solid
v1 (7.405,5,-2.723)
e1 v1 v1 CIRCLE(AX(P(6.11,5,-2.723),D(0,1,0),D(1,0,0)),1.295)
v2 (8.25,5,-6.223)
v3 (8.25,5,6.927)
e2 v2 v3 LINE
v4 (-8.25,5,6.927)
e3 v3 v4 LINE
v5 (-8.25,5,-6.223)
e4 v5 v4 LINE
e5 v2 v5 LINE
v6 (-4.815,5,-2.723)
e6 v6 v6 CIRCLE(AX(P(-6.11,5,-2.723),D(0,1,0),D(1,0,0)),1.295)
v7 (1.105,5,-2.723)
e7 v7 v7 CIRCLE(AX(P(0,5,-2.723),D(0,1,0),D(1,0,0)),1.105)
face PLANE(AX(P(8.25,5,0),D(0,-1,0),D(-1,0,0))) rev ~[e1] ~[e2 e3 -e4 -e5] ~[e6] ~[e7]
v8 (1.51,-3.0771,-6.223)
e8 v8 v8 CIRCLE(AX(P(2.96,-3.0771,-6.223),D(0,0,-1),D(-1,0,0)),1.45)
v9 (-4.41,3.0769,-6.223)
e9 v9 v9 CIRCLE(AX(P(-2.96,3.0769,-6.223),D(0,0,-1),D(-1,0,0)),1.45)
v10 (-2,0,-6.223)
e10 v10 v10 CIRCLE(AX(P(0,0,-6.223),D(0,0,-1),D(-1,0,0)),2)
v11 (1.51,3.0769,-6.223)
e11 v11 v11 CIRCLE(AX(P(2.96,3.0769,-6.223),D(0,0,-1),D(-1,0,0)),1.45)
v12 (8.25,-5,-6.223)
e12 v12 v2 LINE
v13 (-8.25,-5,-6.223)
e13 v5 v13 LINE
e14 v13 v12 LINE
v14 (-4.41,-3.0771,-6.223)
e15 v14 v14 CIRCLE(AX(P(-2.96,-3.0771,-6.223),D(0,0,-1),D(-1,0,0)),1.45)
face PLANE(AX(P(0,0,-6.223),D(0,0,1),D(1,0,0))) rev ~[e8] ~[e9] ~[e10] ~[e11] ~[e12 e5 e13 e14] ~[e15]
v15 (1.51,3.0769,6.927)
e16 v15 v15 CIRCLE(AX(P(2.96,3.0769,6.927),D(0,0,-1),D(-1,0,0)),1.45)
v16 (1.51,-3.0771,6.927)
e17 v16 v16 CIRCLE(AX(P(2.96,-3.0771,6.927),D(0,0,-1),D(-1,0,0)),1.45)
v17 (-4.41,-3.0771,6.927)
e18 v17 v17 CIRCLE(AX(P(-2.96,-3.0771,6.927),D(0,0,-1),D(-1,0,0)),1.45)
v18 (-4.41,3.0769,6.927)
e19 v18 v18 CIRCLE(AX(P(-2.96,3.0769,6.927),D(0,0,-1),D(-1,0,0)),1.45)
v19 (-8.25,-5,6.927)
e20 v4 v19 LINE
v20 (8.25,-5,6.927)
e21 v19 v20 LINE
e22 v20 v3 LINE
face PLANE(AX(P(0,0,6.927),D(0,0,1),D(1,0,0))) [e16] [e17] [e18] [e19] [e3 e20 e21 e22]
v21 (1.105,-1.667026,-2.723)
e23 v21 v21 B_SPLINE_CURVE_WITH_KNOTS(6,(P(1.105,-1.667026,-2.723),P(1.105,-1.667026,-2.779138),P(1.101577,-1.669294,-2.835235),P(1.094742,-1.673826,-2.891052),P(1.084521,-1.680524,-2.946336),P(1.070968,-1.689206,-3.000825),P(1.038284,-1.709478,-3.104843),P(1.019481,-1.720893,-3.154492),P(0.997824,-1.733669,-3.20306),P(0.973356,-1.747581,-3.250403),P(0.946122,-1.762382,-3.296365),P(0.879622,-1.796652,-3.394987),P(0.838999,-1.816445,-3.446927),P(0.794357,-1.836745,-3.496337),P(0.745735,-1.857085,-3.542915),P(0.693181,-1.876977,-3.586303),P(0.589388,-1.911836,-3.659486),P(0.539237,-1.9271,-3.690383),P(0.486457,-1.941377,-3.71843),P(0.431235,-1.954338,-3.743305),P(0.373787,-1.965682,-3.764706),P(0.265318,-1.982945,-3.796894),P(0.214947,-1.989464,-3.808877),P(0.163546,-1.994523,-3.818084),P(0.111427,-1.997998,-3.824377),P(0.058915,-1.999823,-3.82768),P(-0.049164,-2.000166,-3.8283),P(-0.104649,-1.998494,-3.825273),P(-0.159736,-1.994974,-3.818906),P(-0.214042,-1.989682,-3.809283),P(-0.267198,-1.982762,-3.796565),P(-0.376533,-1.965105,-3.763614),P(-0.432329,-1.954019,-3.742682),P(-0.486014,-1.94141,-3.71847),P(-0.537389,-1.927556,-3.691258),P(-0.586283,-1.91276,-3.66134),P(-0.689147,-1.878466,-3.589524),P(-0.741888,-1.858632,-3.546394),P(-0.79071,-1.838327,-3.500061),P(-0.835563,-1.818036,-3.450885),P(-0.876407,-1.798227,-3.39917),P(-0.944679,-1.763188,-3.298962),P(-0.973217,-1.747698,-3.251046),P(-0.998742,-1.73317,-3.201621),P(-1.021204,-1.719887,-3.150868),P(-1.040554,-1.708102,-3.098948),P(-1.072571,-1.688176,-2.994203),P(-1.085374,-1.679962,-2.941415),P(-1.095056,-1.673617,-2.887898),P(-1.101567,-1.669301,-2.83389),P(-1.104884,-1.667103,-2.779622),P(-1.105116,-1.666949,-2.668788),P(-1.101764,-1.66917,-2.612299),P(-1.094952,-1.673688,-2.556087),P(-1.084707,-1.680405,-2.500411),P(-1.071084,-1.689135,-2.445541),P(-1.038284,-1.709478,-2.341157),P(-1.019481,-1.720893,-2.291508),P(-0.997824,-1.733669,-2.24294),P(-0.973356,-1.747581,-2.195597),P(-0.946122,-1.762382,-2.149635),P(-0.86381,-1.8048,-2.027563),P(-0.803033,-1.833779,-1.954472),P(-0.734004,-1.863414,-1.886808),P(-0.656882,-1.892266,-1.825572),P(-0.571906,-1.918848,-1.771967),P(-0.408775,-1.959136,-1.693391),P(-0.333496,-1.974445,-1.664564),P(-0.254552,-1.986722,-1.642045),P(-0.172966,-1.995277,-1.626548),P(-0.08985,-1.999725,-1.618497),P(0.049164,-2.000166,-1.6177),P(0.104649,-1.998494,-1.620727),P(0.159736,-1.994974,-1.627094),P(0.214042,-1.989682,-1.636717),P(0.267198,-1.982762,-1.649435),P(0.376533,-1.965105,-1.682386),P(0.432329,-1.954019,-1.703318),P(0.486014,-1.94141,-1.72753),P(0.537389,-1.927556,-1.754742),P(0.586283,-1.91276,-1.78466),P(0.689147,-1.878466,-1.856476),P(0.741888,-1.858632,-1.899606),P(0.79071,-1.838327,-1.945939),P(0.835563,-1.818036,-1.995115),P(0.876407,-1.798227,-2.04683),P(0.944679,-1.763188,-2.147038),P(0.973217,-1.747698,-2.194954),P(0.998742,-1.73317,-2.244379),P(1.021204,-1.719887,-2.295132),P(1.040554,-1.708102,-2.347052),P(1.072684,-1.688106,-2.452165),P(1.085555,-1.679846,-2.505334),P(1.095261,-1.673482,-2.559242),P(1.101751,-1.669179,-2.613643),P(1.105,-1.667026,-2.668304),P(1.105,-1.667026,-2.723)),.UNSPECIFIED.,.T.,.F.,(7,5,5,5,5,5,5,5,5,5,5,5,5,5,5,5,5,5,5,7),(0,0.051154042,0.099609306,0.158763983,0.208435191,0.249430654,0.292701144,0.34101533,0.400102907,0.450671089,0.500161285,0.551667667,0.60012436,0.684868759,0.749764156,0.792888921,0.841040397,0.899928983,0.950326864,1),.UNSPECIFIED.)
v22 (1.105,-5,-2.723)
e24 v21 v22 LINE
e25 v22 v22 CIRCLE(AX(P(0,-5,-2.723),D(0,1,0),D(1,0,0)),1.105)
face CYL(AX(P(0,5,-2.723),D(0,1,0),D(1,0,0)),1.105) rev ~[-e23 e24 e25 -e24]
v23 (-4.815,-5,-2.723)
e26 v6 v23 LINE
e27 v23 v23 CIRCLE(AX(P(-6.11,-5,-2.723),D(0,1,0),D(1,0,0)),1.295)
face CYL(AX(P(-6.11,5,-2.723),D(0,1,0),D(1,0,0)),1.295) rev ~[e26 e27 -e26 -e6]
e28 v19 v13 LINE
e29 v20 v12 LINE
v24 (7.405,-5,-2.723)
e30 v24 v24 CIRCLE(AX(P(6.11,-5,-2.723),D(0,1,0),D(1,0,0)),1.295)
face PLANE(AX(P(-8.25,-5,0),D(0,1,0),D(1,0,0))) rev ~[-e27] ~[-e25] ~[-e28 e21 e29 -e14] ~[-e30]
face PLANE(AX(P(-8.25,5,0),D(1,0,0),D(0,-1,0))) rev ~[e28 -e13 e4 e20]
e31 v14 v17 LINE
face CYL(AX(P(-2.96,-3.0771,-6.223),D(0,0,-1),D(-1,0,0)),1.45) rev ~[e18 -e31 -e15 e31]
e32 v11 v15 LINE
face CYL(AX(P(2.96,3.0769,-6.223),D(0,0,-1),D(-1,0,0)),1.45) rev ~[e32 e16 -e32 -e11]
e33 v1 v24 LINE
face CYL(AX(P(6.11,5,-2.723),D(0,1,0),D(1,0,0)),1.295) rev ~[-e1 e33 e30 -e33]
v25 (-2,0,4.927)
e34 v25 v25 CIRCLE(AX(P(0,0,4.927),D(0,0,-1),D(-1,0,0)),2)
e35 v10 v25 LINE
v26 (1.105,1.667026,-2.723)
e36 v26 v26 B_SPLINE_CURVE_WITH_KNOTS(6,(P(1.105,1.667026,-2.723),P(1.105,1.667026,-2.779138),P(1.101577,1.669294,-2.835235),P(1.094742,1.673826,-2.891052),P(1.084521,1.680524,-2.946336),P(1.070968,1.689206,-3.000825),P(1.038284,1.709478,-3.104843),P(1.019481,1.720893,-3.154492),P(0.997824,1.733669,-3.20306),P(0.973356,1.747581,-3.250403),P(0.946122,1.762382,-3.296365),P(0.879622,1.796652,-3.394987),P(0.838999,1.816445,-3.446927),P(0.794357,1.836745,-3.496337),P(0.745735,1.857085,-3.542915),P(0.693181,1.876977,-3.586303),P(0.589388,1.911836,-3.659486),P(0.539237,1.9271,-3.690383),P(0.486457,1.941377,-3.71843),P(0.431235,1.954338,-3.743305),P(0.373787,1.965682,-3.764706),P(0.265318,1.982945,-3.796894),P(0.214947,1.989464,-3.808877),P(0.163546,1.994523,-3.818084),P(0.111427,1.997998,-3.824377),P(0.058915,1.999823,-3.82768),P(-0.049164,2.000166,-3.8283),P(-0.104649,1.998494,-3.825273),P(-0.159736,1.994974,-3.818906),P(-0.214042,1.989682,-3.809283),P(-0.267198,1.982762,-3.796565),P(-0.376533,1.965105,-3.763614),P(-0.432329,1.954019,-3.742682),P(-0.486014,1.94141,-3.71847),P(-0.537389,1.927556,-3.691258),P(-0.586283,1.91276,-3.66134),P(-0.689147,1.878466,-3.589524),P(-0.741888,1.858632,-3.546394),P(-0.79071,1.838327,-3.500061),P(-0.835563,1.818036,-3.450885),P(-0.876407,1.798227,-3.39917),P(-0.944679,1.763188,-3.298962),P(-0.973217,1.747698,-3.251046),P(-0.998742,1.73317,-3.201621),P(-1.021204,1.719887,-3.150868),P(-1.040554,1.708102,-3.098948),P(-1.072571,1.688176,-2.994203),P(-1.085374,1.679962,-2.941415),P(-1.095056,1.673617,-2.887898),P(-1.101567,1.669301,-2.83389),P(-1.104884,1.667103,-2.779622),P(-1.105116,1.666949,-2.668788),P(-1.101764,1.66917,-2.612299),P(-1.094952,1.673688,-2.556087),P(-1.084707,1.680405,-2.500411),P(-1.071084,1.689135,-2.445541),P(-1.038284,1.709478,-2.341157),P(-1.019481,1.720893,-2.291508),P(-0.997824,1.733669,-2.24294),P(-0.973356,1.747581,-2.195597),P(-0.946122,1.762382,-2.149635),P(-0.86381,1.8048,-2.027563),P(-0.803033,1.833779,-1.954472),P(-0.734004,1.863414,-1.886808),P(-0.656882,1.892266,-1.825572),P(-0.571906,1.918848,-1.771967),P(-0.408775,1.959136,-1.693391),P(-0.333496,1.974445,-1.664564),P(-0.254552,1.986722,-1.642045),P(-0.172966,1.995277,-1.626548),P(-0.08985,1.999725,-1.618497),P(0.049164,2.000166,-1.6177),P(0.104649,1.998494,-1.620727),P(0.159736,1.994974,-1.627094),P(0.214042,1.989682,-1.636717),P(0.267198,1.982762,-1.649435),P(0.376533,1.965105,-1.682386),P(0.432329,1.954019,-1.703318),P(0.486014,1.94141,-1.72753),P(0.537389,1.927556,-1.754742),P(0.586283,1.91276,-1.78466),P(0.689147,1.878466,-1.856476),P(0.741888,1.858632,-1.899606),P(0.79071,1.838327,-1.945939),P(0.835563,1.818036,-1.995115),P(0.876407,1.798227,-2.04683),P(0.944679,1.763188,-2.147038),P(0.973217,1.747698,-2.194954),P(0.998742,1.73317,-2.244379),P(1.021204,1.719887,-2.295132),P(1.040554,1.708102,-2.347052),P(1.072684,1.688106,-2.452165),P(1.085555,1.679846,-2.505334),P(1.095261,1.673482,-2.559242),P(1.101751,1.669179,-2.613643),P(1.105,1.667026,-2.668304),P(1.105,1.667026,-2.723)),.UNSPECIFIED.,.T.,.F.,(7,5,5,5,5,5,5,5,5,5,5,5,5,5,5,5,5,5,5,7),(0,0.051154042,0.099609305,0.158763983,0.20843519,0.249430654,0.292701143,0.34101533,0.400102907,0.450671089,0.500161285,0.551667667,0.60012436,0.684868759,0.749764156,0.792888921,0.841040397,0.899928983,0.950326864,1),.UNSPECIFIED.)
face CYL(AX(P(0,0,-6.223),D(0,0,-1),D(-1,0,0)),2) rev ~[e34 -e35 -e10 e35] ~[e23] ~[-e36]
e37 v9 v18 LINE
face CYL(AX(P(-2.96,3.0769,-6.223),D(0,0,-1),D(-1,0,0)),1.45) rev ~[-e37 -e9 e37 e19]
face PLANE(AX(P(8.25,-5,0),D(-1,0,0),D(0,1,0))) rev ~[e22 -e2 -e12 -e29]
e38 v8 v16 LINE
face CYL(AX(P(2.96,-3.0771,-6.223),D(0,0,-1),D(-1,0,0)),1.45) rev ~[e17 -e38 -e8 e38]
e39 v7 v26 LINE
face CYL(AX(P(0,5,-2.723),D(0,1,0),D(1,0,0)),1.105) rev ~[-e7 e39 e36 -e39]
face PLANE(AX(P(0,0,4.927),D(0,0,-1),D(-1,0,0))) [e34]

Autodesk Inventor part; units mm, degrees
ref_plane "YZ Plane" through (0, 0, 0) normal (1, 0, 0) x (0, 1, 0)
ref_plane "XZ Plane" through (0, 0, 0) normal (0, 1, 0) x (-1, 0, 0)
ref_plane "XY Plane" through (0, 0, 0) normal (0, 0, 1) x (1, 0, 0)
sketch "Sketch1" plane through (0, 0, 0) normal (0, 0, 1) x (1, 0, 0)
  line L0 (8.25, 5) -> (-8.25, 5)
  line L1 (-8.25, 5) -> (-8.25, -5)
  line L2 (-8.25, -5) -> (8.25, -5)
  line L3 (8.25, -5) -> (8.25, 5)
  point P0 (0, 0)
  dimension "d19" = 10
  dimension "d36" = 16.5
  dimension "d37" = 5
extrude "Box" add sketch "Sketch1" along normal blind 6.927 and the other way blind 6.223
sketch "Sketch3" plane through (0, 0, -6.223) normal (0, 0, -1) x (-1, 0, 0)
  line L0 (-5.08, 0) -> (5.08, 0) construction
  line L1 (-4.75, 0) -> (4.75, 0) construction
  circle A0 centre (0, 0) radius 2
  dimension "d35" = 4
extrude "Slot" cut sketch "Sketch3" against normal blind 11.15
sketch "Sketch4" plane through (0, 0, -6.223) normal (0, 0, -1) x (-1, 0, 0)
  circle A0 centre (-2.96, 3.0769) radius 1.45
  line L0 (8.25, 5) -> (-8.25, 5) projected
  circle A1 centre (0, 0) radius 2 projected
  line L1 (-8.25, 5) -> (-8.25, -5) projected
  dimension "d32" = 2.9
  dimension "d34" = 1.9231
  dimension "d39" = 5.29
  dimension "d40" = 5
extrude "MountingHole" cut sketch "Sketch4" against normal blind 15 contours A0
pattern_linear "Mounting Holes" count 2 spacing 5.92 along (-1, 0, 0) count 2 spacing 6.154 along (0, -1, 0) of "MountingHole"
sketch "Sketch6" plane through (-8.25, 5, 6.927) normal (0, 1, 0) x (1, 0, 0)
  circle A0 centre (8.25, 9.65) radius 1.105
  line L0 (0, 13.15) -> (16.5, 13.15) projected
  dimension "d20" = 2.21
  dimension "d46" = 3.5
extrude "CentralSMAHole" cut sketch "Sketch6" against normal blind 12
sketch "Sketch8" plane through (-8.25, 5, 6.927) normal (0, 1, 0) x (1, 0, 0)
  circle A0 centre (14.36, 9.65) radius 1.295
  line L0 (0, 13.15) -> (16.5, 13.15) projected
  dimension "d23" = 2.59
  dimension "d45" = 3.5
extrude "SMAMounting" cut sketch "Sketch8" against normal blind 12
pattern_linear "SMAMountingHoles" count 2 spacing 12.22 along (-1, 0, 0) of "SMAMounting"
equation "\"d37\" = 0.5 * d19"
equation "\"d34\" = 0.384615 * d40"
properties part number "NewSinkV3"
